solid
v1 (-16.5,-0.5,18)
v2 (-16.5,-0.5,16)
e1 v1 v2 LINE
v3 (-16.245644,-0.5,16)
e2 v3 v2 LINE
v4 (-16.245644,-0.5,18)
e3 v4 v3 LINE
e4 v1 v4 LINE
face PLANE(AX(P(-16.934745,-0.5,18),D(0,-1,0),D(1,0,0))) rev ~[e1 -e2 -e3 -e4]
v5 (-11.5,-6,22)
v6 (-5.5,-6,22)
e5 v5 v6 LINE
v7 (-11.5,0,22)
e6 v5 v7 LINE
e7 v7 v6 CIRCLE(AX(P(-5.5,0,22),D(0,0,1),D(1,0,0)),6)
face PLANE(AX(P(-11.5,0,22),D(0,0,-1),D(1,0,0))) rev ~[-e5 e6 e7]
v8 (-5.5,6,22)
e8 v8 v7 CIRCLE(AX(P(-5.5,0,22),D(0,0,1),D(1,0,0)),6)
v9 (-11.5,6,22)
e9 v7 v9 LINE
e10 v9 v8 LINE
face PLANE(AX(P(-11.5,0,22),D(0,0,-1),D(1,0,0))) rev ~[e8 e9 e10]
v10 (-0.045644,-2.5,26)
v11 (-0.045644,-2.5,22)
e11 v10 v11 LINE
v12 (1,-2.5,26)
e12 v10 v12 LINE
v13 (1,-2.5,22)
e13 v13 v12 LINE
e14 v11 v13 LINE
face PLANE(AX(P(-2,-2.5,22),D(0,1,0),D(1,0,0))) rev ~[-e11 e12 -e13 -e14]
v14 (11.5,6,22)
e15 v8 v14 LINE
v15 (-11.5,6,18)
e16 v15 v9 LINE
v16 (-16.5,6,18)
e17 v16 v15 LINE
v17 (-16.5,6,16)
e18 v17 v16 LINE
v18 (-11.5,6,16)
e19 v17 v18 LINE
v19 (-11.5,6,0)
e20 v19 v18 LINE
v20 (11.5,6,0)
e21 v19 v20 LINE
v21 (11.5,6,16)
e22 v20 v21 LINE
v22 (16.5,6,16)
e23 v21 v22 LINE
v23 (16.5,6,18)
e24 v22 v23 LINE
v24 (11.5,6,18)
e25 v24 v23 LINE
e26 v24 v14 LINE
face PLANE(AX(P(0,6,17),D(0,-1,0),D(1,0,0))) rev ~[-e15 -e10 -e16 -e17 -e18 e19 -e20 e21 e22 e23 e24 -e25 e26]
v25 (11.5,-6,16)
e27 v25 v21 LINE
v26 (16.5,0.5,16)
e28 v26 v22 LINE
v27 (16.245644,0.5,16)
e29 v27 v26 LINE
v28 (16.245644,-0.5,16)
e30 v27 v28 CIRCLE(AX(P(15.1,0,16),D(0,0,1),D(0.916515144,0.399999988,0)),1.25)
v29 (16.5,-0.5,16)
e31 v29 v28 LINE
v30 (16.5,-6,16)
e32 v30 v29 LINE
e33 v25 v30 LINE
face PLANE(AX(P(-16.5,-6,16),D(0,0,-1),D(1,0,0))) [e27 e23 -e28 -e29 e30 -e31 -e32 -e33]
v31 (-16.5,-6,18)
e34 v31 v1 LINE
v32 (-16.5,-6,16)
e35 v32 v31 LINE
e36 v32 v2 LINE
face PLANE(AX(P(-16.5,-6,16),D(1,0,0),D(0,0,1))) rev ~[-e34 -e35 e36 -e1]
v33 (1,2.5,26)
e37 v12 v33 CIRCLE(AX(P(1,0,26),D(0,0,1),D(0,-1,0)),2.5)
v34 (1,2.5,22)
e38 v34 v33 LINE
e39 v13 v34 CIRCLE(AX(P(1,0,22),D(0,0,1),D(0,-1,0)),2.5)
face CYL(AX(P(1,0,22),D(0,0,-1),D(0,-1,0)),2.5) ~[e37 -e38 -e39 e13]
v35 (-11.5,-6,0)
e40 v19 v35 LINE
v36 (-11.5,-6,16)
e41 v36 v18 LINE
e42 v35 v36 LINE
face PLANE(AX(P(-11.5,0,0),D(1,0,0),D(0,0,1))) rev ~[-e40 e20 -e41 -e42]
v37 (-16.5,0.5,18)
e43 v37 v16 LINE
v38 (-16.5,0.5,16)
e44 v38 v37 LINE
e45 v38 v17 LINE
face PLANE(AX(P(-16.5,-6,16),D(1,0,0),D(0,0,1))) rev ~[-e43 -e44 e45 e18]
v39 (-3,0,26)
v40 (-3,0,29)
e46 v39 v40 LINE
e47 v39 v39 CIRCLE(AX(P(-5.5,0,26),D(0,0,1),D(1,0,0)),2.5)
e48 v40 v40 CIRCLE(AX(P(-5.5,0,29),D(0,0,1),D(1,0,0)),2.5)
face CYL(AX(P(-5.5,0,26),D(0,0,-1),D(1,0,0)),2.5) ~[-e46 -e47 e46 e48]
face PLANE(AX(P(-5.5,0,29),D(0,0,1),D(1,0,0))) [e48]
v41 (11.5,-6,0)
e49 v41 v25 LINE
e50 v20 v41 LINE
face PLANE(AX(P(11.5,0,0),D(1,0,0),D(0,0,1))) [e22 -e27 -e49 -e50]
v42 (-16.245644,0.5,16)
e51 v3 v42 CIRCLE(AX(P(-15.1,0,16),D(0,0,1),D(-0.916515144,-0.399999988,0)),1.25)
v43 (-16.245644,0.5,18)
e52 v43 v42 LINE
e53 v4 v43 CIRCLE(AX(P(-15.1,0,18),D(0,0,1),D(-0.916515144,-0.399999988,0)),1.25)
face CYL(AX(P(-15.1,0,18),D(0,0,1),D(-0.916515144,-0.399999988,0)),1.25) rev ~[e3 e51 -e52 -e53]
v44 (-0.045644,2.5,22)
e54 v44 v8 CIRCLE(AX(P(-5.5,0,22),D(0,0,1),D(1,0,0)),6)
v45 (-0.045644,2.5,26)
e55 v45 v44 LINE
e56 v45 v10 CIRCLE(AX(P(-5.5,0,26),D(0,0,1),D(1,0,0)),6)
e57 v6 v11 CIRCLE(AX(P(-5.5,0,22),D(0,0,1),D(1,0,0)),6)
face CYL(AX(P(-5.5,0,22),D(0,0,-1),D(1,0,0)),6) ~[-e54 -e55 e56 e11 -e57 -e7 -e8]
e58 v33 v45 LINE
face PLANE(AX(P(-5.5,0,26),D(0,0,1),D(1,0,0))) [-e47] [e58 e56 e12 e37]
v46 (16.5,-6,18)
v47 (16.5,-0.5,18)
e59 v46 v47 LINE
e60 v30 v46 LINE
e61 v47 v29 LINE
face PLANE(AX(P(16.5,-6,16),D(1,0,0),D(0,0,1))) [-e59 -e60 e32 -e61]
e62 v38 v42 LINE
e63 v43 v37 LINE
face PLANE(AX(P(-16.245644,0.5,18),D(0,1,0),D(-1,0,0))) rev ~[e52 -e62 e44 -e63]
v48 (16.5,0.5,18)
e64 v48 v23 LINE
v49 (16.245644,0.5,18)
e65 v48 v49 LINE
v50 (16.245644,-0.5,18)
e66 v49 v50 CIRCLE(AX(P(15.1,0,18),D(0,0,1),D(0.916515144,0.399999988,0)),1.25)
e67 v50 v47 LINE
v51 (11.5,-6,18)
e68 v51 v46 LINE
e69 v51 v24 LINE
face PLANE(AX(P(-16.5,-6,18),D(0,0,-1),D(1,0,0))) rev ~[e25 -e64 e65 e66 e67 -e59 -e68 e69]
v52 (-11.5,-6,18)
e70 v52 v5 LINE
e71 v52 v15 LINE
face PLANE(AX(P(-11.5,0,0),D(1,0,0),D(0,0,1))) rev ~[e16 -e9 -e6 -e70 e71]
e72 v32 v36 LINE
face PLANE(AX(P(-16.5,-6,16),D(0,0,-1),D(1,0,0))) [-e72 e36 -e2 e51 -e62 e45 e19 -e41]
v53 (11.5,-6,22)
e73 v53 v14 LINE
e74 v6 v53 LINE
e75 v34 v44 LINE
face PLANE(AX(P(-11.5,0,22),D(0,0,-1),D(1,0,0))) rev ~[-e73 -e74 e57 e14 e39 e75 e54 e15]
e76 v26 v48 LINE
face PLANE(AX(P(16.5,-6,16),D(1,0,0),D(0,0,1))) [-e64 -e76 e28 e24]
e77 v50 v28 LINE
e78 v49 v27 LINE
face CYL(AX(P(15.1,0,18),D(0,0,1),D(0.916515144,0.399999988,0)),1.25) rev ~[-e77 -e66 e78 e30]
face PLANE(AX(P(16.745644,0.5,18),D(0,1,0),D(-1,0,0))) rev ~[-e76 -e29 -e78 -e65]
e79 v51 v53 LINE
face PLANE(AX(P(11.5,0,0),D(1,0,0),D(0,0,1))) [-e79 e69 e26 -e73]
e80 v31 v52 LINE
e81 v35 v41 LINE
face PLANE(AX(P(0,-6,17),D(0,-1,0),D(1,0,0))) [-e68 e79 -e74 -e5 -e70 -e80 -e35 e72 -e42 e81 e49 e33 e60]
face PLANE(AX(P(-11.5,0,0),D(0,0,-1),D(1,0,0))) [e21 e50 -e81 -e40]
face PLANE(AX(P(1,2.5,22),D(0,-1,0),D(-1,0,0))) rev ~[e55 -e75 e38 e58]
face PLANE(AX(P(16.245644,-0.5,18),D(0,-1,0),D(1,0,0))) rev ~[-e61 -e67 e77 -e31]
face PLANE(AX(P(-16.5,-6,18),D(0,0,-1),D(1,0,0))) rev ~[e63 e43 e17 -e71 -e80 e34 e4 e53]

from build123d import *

# Parameters (mm, degrees)
F0_W      = 23
F0_H      = 22
F1_DEPTH  = 6
F2_W      = 33
F2_H      = 2
F3_DEPTH  = 12
F4_R      = 6
F5_DEPTH  = 4
F7_DEPTH  = 4
F8_R      = 2.5
F9_DEPTH  = 3
F11_DEPTH = 18.001
F13_DEPTH = 18.001


with BuildPart() as f1:
    # F0 (on Front) → F1 (new body, symmetric)
    with BuildSketch(Plane.XZ):
        with Locations((0, 11)):
            Rectangle(F0_W, F0_H)
    extrude(amount=F1_DEPTH, both=True)

    # F2 (on face) → F3 (join)
    with BuildSketch(Plane.XZ.offset(6)):
        with Locations((0, 17)):
            Rectangle(F2_W, F2_H)
    extrude(amount=-F3_DEPTH)

    # F4 (on face) → F5 (join)
    with BuildSketch(Plane.XY.offset(22)):
        with Locations((-5.5, 0)):
            Circle(F4_R)
    extrude(amount=F5_DEPTH)

    # F6 (on face) → F7 (join)
    with BuildSketch(Plane.XY.offset(22)):
        with BuildLine():
            Line((-2, -2.5), (1, -2.5))
            ThreePointArc((1, -2.5), (3.5, 0), (1, 2.5))
            Line((1, 2.5), (-2, 2.5))
            Line((-2, 2.5), (-2, -2.5))
        make_face()
    extrude(amount=F7_DEPTH)

    # F8 (on face) → F9 (join)
    with BuildSketch(Plane.XY.offset(26)):
        with Locations((-5.5, 0)):
            Circle(F8_R)
    extrude(amount=F9_DEPTH)

    # F10 (on face) → F11 (cut, through all)
    with BuildSketch(Plane.XY.offset(18)):
        with BuildLine():
            Line((16.745644, 0.5), (16.245644, 0.5))
            ThreePointArc((16.245644, 0.5), (13.85, 0), (16.245644, -0.5))
            Line((16.245644, -0.5), (16.745644, -0.5))
            Line((16.745644, -0.5), (16.745644, 0.5))
        make_face()
    extrude(amount=-F11_DEPTH, mode=Mode.SUBTRACT)

    # F12 (on face) → F13 (cut, through all)
    with BuildSketch(Plane.XY.offset(18)):
        with BuildLine():
            Line((-16.934745, -0.5), (-16.245644, -0.5))
            ThreePointArc((-16.245644, -0.5), (-13.85, 0), (-16.245644, 0.5))
            Line((-16.245644, 0.5), (-16.934745, 0.5))
            Line((-16.934745, 0.5), (-16.934745, -0.5))
        make_face()
    extrude(amount=-F13_DEPTH, mode=Mode.SUBTRACT)


solid = f1.part
